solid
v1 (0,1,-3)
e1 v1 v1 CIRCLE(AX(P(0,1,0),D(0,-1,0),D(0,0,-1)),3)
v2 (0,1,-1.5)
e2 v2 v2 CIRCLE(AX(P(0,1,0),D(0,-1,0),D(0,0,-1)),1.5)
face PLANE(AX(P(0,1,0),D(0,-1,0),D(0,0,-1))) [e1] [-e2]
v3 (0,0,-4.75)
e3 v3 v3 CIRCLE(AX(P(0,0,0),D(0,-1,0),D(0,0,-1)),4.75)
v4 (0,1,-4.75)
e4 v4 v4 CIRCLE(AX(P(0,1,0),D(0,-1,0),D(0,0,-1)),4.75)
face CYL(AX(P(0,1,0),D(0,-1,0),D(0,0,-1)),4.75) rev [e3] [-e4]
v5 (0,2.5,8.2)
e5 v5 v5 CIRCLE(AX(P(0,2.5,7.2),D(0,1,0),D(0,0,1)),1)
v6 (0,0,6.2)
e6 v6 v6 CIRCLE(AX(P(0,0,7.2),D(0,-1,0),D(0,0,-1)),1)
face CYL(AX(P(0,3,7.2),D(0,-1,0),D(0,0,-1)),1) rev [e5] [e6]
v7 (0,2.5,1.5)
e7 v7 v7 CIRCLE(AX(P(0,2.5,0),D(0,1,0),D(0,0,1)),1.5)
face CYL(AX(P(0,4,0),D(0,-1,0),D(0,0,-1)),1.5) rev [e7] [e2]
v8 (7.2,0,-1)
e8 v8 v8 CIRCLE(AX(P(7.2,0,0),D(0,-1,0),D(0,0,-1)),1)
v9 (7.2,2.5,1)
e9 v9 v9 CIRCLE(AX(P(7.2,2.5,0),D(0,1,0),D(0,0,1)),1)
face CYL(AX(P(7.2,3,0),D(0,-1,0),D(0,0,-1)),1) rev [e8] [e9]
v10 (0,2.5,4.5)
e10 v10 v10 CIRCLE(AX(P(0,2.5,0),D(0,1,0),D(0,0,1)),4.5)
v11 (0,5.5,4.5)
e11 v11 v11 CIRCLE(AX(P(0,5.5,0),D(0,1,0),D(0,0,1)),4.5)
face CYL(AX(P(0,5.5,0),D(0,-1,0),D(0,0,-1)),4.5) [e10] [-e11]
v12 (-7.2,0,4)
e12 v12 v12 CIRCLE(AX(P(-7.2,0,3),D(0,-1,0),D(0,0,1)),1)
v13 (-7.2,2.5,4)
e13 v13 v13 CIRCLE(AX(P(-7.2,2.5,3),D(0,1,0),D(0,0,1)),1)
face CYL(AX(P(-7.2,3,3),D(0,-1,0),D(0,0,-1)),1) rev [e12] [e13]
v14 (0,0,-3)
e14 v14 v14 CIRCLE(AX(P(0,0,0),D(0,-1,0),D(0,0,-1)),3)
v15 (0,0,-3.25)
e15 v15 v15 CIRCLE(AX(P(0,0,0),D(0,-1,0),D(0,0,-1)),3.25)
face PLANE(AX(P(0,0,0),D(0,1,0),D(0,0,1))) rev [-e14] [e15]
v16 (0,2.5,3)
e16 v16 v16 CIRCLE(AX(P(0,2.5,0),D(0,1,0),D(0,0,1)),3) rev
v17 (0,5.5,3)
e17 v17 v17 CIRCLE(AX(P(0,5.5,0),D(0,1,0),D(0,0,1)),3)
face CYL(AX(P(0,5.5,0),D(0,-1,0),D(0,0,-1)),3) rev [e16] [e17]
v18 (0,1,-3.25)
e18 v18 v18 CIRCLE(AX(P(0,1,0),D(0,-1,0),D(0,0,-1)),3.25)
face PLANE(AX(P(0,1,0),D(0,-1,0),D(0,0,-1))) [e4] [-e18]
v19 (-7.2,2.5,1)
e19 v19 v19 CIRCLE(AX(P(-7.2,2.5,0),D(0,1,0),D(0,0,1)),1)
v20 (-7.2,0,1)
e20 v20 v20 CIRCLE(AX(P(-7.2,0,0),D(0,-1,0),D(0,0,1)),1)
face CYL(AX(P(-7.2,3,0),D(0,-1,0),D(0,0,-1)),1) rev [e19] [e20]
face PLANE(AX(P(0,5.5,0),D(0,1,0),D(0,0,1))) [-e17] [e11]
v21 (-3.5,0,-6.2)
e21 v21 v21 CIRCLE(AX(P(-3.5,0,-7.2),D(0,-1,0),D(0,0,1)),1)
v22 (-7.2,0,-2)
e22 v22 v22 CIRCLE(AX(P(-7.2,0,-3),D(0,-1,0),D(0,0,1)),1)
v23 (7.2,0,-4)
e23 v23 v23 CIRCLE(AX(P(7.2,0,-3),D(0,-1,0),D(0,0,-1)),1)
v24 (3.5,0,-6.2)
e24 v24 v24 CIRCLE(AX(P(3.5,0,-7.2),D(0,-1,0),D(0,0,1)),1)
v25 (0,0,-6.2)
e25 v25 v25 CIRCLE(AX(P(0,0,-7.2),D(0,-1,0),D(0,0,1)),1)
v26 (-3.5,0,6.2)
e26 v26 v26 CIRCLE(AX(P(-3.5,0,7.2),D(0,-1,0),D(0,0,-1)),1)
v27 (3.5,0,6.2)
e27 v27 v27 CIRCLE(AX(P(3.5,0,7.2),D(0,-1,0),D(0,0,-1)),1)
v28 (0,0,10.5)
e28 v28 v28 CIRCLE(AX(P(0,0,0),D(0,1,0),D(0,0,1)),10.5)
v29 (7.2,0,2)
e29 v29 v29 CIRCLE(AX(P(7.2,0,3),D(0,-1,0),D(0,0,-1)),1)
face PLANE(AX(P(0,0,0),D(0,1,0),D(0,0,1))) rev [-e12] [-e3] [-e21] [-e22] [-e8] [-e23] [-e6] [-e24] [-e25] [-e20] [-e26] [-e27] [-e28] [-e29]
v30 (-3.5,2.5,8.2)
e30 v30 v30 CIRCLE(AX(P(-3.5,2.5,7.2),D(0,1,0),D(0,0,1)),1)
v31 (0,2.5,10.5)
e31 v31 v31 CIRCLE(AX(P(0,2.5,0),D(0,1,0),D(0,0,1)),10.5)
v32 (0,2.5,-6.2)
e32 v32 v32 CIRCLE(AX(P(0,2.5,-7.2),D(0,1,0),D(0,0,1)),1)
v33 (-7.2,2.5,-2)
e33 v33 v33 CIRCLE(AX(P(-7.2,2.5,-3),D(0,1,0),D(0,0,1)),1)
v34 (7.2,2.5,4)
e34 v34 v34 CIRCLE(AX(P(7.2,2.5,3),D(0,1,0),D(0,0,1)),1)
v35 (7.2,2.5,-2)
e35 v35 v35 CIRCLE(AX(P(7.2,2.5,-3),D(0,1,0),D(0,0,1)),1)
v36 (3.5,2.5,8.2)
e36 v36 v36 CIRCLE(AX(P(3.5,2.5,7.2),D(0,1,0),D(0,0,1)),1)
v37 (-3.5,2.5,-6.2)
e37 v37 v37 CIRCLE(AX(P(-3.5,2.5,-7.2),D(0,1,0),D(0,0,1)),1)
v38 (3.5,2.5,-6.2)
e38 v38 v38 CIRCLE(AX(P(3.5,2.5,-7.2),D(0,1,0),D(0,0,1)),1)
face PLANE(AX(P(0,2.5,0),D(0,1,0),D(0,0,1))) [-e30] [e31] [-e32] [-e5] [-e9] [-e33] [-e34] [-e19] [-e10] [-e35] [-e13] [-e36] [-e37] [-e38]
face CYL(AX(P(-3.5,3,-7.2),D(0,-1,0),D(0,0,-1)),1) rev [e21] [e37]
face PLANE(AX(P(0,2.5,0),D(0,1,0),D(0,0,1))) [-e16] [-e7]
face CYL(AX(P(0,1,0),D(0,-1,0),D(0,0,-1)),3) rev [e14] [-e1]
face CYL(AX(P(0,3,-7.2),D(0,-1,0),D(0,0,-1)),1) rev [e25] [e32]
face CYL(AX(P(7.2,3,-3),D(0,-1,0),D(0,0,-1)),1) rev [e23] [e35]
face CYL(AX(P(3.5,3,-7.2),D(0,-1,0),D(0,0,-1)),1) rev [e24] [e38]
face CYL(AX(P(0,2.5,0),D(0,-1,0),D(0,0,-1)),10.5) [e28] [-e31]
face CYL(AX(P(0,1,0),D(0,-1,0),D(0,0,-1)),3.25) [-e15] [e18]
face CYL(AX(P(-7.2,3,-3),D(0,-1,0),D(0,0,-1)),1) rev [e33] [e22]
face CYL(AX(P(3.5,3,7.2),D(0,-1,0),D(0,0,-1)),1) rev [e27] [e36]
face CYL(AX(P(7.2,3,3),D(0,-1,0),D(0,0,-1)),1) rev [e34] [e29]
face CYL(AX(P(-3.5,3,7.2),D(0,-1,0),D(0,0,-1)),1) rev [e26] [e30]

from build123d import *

# Parameters (mm, degrees)
CROQUIS1_R              = 10.5
SALIENTE_EXTRUIR1_DEPTH = 2.5
CROQUIS2_R              = 4.5
CROQUIS2_R_2            = 3
SALIENTE_EXTRUIR2_DEPTH = 3
CROQUIS4_R              = 4.75
CROQUIS4_R_2            = 3.25
CORTAR_EXTRUIR1_DEPTH   = 1
CROQUIS5_R              = 3
CORTAR_EXTRUIR2_DEPTH   = 1
CROQUIS6_R              = 1.5
CORTAR_EXTRUIR3_DEPTH   = 3
CROQUIS7_R              = 1
CORTAR_EXTRUIR4_DEPTH   = 3


with BuildPart() as part:
    # Croquis1 → Saliente-Extruir1 (new body)
    with BuildSketch(Plane(origin=(0, 0, 0), x_dir=(1, 0, 0), z_dir=(0, 1, 0))):
        with Locations(Location((0, 0, 0), (0, 0, 270))):
            Circle(CROQUIS1_R)
    extrude(amount=SALIENTE_EXTRUIR1_DEPTH)

    # Croquis2 → Saliente-Extruir2 (add)
    with BuildSketch(Plane(origin=(0, 2.5, 0), x_dir=(1, 0, 0), z_dir=(0, 1, 0))):
        with Locations(Location((0, 0, 0), (0, 0, 270))):
            Circle(CROQUIS2_R)
        with Locations(Location((0, 0, 0), (0, 0, 270))):
            Circle(CROQUIS2_R_2, mode=Mode.SUBTRACT)
    extrude(amount=SALIENTE_EXTRUIR2_DEPTH)

    # Croquis4 → Cortar-Extruir1 (cut)
    with BuildSketch(Plane.XZ):
        with Locations(Location((0, 0, 0), (0, 0, 270))):
            Circle(CROQUIS4_R)
        with Locations(Location((0, 0, 0), (0, 0, 270))):
            Circle(CROQUIS4_R_2, mode=Mode.SUBTRACT)
    extrude(amount=-CORTAR_EXTRUIR1_DEPTH, mode=Mode.SUBTRACT)

    # Croquis5 → Cortar-Extruir2 (cut)
    with BuildSketch(Plane.XZ):
        with Locations(Location((0, 0, 0), (0, 0, 90))):
            Circle(CROQUIS5_R)
    extrude(amount=-CORTAR_EXTRUIR2_DEPTH, mode=Mode.SUBTRACT)

    # Croquis6 → Cortar-Extruir3 (cut)
    with BuildSketch(Plane.XZ.offset(-1)):
        with Locations(Location((0, 0, 0), (0, 0, 270))):
            Circle(CROQUIS6_R)
    extrude(amount=-CORTAR_EXTRUIR3_DEPTH, mode=Mode.SUBTRACT)

    # Croquis7 → Cortar-Extruir4 (cut)
    with BuildSketch(Plane.XZ):
        with Locations(Location((0, 7.2, 0), (0, 0, 270))):
            Circle(CROQUIS7_R)
        with Locations(Location((0, -7.2, 0), (0, 0, 90))):
            Circle(CROQUIS7_R)
        with Locations(Location((7.2, 0, 0), (0, 0, 270))):
            Circle(CROQUIS7_R)
        with Locations(Location((-7.2, 0, 0), (0, 0, 90))):
            Circle(CROQUIS7_R)
        with Locations(Location((3.5, 7.2, 0), (0, 0, 270))):
            Circle(CROQUIS7_R)
        with Locations(Location((-3.5, 7.2, 0), (0, 0, 270))):
            Circle(CROQUIS7_R)
        with Locations(Location((3.5, -7.2, 0), (0, 0, 90))):
            Circle(CROQUIS7_R)
        with Locations(Location((-3.5, -7.2, 0), (0, 0, 90))):
            Circle(CROQUIS7_R)
        with Locations(Location((7.2, 3, 0), (0, 0, 270))):
            Circle(CROQUIS7_R)
        with Locations(Location((7.2, -3, 0), (0, 0, 270))):
            Circle(CROQUIS7_R)
        with Locations(Location((-7.2, -3, 0), (0, 0, 90))):
            Circle(CROQUIS7_R)
        with Locations(Location((-7.2, 3, 0), (0, 0, 90))):
            Circle(CROQUIS7_R)
    extrude(amount=-CORTAR_EXTRUIR4_DEPTH, mode=Mode.SUBTRACT)


solid = part.part
